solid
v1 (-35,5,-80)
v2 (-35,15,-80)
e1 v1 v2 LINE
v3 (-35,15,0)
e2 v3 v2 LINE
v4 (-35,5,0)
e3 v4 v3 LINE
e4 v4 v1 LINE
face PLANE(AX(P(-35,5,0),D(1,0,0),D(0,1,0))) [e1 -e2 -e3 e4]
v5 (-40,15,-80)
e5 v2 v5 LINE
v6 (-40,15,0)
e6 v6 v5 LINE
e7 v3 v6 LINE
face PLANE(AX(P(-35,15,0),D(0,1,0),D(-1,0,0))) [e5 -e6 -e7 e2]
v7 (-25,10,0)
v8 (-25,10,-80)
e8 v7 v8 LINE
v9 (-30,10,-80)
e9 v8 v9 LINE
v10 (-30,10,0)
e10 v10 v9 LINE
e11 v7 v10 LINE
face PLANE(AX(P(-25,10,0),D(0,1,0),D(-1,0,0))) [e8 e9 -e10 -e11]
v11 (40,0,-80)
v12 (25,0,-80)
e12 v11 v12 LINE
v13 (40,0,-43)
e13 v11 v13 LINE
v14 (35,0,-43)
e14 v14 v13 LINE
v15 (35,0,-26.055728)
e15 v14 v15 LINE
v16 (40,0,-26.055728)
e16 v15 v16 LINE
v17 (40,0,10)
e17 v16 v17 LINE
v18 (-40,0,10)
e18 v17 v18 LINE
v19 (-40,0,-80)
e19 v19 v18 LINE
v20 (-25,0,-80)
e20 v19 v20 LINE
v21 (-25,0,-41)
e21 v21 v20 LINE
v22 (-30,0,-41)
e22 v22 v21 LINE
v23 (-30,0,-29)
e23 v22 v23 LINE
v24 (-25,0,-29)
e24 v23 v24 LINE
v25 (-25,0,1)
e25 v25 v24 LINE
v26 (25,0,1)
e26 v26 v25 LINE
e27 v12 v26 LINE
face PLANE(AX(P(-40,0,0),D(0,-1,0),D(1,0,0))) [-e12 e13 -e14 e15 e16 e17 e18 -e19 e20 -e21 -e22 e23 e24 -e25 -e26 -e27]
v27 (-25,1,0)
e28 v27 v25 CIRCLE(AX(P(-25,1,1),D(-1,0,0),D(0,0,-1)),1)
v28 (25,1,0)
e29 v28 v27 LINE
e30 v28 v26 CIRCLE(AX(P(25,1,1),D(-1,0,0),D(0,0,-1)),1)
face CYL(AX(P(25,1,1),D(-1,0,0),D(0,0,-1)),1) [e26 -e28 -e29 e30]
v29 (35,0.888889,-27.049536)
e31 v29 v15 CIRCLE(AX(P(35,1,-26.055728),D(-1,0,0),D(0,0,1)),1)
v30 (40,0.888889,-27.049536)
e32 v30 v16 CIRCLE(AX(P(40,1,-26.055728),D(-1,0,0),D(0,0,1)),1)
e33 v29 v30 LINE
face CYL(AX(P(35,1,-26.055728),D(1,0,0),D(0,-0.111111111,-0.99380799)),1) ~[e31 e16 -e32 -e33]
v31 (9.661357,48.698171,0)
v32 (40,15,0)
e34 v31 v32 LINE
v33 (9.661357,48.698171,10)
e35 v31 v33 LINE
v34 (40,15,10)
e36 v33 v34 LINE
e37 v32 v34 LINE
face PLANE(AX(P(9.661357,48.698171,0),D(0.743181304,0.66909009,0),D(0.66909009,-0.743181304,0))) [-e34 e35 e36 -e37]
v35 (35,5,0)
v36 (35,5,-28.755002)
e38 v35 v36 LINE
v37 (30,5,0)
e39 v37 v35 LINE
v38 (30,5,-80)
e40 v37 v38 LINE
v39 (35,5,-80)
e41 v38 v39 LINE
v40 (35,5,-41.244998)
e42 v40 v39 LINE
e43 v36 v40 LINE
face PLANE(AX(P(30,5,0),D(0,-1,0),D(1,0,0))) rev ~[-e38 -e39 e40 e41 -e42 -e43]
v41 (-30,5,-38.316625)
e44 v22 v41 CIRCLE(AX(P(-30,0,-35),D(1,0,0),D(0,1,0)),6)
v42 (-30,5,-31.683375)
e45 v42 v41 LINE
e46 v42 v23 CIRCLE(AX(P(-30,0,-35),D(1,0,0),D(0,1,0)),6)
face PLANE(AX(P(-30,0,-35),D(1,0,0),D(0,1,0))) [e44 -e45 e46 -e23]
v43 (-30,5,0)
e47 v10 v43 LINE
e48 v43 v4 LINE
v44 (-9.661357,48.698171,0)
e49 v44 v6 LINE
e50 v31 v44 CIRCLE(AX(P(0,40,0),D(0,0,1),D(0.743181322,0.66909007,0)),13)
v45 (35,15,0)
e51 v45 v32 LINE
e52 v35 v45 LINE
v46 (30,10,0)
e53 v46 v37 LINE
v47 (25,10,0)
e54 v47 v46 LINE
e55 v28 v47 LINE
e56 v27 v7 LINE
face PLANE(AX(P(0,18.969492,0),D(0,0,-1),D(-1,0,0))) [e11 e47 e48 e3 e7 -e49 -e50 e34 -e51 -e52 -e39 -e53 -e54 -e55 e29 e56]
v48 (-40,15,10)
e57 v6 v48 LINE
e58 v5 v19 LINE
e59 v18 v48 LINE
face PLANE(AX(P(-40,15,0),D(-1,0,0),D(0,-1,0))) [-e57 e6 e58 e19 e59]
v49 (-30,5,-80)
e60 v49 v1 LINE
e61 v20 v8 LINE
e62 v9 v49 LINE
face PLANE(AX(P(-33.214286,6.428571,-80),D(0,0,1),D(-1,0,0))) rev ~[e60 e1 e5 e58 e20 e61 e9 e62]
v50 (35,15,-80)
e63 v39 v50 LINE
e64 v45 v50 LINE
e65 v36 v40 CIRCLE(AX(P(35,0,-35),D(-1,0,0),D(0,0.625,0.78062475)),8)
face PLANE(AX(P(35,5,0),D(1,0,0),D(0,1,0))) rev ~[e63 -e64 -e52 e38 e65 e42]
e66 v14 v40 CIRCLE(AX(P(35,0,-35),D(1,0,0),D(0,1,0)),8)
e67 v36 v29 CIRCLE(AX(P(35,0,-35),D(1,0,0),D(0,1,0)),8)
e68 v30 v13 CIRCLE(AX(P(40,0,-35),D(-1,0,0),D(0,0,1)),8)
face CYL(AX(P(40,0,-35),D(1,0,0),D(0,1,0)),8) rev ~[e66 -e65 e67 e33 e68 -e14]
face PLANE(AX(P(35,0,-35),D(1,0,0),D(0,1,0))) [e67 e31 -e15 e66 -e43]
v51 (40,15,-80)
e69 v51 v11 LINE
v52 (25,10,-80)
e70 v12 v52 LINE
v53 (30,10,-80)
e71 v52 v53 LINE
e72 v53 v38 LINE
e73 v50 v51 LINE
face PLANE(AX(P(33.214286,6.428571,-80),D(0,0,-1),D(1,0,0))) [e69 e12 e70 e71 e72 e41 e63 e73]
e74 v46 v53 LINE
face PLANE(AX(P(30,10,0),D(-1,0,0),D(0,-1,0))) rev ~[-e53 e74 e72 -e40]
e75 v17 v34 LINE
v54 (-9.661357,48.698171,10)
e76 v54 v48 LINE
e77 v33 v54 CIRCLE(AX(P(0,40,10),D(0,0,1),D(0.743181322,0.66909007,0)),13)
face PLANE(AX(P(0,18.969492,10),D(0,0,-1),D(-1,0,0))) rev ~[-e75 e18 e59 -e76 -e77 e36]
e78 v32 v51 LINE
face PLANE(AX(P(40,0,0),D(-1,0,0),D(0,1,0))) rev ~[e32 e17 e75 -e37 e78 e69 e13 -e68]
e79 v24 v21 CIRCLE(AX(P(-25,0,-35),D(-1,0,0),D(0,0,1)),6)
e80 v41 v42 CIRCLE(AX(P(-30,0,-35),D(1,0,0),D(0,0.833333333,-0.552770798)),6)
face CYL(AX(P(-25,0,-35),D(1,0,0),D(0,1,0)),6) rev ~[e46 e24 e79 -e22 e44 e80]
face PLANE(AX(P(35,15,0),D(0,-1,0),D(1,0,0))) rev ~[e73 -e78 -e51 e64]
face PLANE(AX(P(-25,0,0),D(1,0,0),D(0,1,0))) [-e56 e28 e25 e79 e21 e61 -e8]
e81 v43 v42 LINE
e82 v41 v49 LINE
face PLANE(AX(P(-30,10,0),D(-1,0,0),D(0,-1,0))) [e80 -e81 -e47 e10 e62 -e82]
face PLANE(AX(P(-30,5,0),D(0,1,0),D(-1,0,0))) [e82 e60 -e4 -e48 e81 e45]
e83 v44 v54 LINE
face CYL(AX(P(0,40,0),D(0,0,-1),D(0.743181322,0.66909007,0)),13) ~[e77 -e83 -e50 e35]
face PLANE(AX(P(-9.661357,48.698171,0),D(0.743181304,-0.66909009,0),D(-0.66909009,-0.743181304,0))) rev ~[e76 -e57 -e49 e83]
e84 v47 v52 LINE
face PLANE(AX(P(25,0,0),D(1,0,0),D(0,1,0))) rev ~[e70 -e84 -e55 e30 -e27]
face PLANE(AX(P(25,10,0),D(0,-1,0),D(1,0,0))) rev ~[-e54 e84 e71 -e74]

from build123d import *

# Parameters (mm, degrees)
PAD_DEPTH       = 10
PAD001_DEPTH    = 80
SKETCH003_R     = 8
POCKET_DEPTH    = 5
SKETCH004_R     = 6
POCKET001_DEPTH = 5
FILLET_R        = 1


with BuildPart() as part:
    # Sketch → Pad (new body)
    with BuildSketch(Plane.XY):
        with BuildLine():
            Line((40, 0), (-40, 0))
            Line((-40, 0), (-40, 15))
            Line((-9.661357, 48.698171), (-40, 15))
            ThreePointArc((9.661357, 48.698171), (0, 53), (-9.661357, 48.698171))
            Line((9.661357, 48.698171), (40, 15))
            Line((40, 0), (40, 15))
        make_face()
    extrude(amount=PAD_DEPTH)

    # Sketch002 (on Face7 of Pad) → Pad001 (join)
    with BuildSketch(Plane(origin=(0, 0, 0), x_dir=(1, 0, 0), z_dir=(0, 0, -1))):
        Polygon((-40, -15), (-40, 0), (-25, 0), (-25, -10), (-30, -10), (-30, -5), (-35, -5), (-35, -15), align=None)
        Polygon((40, -15), (40, 0), (25, 0), (25, -10), (30, -10), (30, -5), (35, -5), (35, -15), align=None)
    extrude(amount=PAD001_DEPTH)

    # Sketch003 (on Face9 of Pad001) → Pocket (cut)
    with BuildSketch(Plane.YZ.offset(40)):
        with Locations((0, -35)):
            Circle(SKETCH003_R)
    extrude(amount=-POCKET_DEPTH, mode=Mode.SUBTRACT)

    # Sketch004 (on Face28 of Pocket) → Pocket001 (cut)
    with BuildSketch(Plane.YZ.offset(-25)):
        with Locations((0, -35)):
            Circle(SKETCH004_R)
    extrude(amount=-POCKET001_DEPTH, mode=Mode.SUBTRACT)

    # Fillet
    fillet_edges = [part.edges().sort_by_distance(p)[0] for p in [
        (37.5, 0, -27),
        (0, 0, 0),
    ]]
    fillet(fillet_edges, radius=FILLET_R)


solid = part.part
